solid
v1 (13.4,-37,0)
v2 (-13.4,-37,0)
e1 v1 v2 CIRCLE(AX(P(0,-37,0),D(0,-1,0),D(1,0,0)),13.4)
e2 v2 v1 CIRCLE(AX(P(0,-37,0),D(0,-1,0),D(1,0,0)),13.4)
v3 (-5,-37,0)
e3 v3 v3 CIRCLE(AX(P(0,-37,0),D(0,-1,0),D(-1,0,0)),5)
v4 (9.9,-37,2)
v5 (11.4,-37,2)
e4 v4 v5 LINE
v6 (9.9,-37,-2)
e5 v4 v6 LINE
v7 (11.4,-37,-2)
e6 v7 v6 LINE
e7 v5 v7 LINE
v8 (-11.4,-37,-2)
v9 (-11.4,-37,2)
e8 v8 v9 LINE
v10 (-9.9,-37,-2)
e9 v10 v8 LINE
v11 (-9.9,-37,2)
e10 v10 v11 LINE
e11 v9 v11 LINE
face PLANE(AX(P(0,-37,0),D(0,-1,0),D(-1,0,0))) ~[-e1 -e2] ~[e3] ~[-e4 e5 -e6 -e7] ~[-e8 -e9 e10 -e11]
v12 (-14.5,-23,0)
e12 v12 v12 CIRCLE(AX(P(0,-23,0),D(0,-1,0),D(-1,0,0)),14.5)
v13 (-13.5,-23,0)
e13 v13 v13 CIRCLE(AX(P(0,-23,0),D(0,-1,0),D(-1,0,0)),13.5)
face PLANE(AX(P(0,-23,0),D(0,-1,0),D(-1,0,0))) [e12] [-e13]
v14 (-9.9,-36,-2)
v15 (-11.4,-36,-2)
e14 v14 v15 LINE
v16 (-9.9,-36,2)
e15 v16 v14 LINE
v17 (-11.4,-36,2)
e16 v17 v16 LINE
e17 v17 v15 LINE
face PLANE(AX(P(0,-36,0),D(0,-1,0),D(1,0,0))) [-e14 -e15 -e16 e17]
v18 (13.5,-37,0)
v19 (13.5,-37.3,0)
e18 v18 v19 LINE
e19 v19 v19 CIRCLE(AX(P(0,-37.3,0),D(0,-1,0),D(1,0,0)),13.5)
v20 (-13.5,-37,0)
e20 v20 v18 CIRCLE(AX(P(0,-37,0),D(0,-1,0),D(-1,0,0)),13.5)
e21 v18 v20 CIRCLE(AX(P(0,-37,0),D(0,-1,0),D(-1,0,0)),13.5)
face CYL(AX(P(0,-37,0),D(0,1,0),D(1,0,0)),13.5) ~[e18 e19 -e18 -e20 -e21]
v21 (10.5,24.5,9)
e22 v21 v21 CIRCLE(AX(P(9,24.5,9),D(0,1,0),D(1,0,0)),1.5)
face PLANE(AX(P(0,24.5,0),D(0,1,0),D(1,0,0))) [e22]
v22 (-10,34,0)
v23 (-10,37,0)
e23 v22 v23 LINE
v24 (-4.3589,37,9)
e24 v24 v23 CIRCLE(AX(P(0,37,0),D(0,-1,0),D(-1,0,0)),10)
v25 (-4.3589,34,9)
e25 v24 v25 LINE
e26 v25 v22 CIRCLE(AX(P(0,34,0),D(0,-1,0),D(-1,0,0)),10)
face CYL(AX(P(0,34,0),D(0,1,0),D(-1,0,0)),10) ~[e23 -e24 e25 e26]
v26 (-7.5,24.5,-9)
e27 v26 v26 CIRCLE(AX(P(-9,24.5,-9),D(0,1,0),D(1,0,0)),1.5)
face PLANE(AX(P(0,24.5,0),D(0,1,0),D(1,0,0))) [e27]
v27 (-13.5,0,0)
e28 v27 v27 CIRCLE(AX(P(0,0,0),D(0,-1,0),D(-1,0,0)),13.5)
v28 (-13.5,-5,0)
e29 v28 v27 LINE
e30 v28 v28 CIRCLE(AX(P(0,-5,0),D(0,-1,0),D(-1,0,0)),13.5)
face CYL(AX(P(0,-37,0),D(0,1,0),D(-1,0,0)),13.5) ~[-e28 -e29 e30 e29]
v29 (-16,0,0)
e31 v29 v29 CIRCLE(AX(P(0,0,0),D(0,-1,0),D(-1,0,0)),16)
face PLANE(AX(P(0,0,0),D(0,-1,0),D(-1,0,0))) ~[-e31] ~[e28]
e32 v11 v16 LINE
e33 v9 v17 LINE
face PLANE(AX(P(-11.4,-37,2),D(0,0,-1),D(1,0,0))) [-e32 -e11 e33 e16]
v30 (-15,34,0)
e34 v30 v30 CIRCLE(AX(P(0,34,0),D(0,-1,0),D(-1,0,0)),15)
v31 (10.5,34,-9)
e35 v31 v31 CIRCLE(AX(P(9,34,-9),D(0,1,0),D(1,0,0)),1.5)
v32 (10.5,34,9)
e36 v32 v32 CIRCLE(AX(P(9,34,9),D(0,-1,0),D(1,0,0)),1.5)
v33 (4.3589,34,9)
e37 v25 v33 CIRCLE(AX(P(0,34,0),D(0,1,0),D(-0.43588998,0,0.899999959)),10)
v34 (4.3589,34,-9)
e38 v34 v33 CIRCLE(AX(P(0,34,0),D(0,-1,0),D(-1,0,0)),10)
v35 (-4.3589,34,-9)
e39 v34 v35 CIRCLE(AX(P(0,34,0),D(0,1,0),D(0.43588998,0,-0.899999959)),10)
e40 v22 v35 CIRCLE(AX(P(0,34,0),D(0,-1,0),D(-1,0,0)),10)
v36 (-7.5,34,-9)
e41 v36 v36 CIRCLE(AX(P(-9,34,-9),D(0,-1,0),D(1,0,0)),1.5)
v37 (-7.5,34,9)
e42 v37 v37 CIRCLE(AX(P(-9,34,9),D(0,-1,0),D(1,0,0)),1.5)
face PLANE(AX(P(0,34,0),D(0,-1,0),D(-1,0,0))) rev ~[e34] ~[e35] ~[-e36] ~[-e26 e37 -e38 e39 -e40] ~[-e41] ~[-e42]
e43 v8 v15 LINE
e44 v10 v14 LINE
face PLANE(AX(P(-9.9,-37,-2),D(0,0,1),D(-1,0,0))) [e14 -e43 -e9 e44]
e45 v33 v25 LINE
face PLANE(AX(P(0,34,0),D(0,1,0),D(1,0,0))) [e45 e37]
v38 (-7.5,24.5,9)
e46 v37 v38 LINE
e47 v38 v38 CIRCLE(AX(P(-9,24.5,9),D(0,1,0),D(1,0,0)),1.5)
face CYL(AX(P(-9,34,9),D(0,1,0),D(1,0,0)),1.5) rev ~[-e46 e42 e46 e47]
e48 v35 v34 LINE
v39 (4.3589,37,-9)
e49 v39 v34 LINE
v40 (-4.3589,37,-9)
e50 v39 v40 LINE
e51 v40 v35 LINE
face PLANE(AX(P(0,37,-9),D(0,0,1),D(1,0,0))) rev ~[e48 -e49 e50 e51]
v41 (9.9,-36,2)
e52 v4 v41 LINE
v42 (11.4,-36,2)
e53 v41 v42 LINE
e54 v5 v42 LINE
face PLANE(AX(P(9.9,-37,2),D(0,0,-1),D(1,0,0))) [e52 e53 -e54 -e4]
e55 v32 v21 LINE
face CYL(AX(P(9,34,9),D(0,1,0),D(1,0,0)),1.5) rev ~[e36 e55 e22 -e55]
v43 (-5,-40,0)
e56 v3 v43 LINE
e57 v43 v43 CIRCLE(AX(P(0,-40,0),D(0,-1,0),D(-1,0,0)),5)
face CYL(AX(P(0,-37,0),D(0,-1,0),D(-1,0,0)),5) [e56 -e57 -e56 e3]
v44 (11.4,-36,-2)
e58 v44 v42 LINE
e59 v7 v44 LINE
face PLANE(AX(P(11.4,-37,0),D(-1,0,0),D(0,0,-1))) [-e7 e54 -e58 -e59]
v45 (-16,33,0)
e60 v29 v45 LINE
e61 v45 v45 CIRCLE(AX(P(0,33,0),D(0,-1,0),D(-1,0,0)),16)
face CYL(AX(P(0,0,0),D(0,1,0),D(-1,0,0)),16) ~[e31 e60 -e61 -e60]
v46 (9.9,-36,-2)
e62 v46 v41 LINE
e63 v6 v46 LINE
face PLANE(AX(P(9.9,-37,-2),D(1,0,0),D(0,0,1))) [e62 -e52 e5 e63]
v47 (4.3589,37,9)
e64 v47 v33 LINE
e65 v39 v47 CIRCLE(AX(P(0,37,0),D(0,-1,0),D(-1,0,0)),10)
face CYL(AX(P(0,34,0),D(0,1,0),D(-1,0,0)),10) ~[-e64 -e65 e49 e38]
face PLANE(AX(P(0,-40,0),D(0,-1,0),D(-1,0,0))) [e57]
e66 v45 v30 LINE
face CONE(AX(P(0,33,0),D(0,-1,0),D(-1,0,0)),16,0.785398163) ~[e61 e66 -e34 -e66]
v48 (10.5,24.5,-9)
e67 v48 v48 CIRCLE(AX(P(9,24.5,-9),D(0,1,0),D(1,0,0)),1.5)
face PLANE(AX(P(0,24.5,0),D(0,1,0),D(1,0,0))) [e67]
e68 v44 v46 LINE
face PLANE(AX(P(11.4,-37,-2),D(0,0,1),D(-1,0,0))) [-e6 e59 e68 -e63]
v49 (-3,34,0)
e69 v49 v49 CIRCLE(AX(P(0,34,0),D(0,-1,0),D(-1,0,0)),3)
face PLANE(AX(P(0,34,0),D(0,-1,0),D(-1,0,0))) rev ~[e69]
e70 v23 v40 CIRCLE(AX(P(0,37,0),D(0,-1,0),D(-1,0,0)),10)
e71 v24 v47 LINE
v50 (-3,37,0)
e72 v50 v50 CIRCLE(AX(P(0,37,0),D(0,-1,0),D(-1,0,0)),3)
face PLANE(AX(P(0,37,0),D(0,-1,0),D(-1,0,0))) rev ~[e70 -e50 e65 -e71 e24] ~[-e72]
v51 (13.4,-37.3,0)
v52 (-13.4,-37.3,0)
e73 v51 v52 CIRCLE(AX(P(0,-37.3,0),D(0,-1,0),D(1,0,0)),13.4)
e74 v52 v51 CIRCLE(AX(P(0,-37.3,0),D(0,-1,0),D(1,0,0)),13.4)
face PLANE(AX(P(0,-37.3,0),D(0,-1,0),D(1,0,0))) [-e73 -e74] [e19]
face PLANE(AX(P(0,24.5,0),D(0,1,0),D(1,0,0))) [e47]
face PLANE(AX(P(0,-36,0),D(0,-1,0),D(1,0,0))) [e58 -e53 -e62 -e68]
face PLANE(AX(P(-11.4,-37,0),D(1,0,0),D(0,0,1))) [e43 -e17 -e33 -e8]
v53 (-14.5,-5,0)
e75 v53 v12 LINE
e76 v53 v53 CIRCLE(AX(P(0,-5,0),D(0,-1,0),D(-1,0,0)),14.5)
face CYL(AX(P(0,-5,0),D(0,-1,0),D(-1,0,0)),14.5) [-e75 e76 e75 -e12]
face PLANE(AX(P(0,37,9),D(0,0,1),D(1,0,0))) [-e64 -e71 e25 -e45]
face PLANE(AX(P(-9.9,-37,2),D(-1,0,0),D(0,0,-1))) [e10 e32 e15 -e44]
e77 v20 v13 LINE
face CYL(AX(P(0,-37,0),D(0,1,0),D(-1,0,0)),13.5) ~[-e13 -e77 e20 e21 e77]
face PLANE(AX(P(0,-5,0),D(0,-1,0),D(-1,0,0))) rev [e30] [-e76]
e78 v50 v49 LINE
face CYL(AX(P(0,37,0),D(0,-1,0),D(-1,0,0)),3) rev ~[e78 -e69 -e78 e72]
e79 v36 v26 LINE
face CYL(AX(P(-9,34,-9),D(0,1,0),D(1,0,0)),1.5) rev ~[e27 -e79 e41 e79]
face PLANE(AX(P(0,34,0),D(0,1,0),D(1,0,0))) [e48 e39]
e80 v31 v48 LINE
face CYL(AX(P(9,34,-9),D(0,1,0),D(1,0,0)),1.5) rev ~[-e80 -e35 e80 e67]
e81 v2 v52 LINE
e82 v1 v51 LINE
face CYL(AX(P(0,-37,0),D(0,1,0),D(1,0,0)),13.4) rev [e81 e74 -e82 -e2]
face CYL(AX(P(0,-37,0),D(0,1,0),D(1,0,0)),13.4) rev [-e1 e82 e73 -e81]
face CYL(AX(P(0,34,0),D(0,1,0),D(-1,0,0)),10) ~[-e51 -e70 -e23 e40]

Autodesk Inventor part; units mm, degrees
ref_plane "YZ Plane" through (0, 0, 0) normal (1, 0, 0) x (0, 1, 0)
ref_plane "XZ Plane" through (0, 0, 0) normal (0, 1, 0) x (-1, 0, 0)
ref_plane "XY Plane" through (0, 0, 0) normal (0, 0, 1) x (1, 0, 0)
sketch "スケッチ1" plane through (0, 0, 0) normal (0, 0, 1) x (1, 0, 0)
  line L0 (0, 0) -> (-16, 0)
  line L1 (-16, 0) -> (-16, 34)
  line L2 (-16, 34) -> (0, 34)
  line L3 (0, 34) -> (0, 0)
  line L4 (0, 34) -> (-10, 34)
  line L5 (-10, 34) -> (-10, 37)
  line L6 (-10, 37) -> (0, 37)
  line L7 (0, 37) -> (0, 34)
  line L8 (0, 37) -> (-5, 37)
  line L9 (-5, 34) -> (0, 34)
  line L10 (0, 34) -> (0, 37)
  line L11 (-3, 37) -> (-3, 34)
  line L12 (-13.5, 0) -> (0, 0)
  line L13 (0, 0) -> (0, -37)
  line L14 (0, -37) -> (-13.5, -37)
  line L15 (-13.5, -37) -> (-13.5, 0)
  line L16 (-13.5, 0) -> (-14.5, 0)
  line L17 (-13.5, -23) -> (-13.5, 0)
  line L18 (-13.5, -5) -> (-14.5, -5)
  line L19 (-14.5, -5) -> (-14.5, -23)
  line L20 (-14.5, -23) -> (-13.5, -23)
  line L21 (-13.5, -23) -> (-13.5, -5)
  line L22 (0, -37) -> (-5, -37)
  line L23 (-5, -37) -> (-5, -40)
  line L24 (-5, -40) -> (0, -40)
  line L25 (0, -40) -> (0, -37)
  dimension "d0" = 16
  dimension "d1" = 34
  dimension "d2" = 10
  dimension "d4" = 3
  dimension "d5" = 3
  dimension "d6" = 13.5
  dimension "d7" = 0
  dimension "d10" = 37
  dimension "d11" = 5
  dimension "d12" = 14
  dimension "d13" = 1
  dimension "d14" = 3
  dimension "d15" = 5
revolve "回転1" add sketch "スケッチ1" angle 360 about axis through (0, 34, 0) along (0, -1, 0) contours L13 L14 L15 L0 | L0 L1 L2 L3 | L25 L24 L23 L14 | L15 L20 L19 L18 | L2 L5 L6 L11
chamfer "面取り1" distance 1 angle 45 1 edges at (16, 34, 0)
sketch "スケッチ2" plane through (0, -37, 0) normal (0, -1, 0) x (1, 0, 0)
  circle A0 centre (0, 0) radius 5 projected
  circle A1 centre (0, 0) radius 13.4
  circle A2 centre (0, 0) radius 13.5
  circle A3 centre (0, 0) radius 13.5 projected
  line L0 (-9.9, -2) -> (-11.4, -2)
  line L1 (-11.4, -2) -> (-11.4, 2)
  line L2 (-11.4, 2) -> (-9.9, 2)
  line L3 (-9.9, 2) -> (-9.9, -2)
  line L4 (-9.9, -2) -> (-11.4, 2) construction
  line L5 (-11.4, -2) -> (-9.9, 2) construction
  line L6 (11.4, -2) -> (9.9, -2)
  line L7 (9.9, -2) -> (9.9, 2)
  line L8 (9.9, 2) -> (11.4, 2)
  line L9 (11.4, 2) -> (11.4, -2)
  line L10 (11.4, -2) -> (9.9, 2) construction
  line L11 (9.9, -2) -> (11.4, 2) construction
  line L12 (-13.4, 0) -> (0, 0)
  line L13 (0, 0) -> (13.4, 0)
  point P0 (-10.65, 0)
  point P1 (10.65, 0)
  dimension "d21" = 0
  dimension "d22" = 0.1
  dimension "d23" = 1.5
  dimension "d24" = 1.5
  dimension "d25" = 4
  dimension "d26" = 4
  dimension "d27" = 0
  dimension "d28" = 2
  dimension "d29" = 2
extrude "押し出し1" add sketch "スケッチ2" along normal blind 0.3
extrude "押し出し2" cut sketch "スケッチ2" against normal blind 1 contours L13 L9 L6 L7 | L7 L8 L9 L13 | L12 L1 L2 L3 | L3 L0 L1 L12
sketch "スケッチ3" plane through (0, 34, 0) normal (0, 1, 0) x (1, 0, 0)
  circle A0 centre (0, 0) radius 15 projected
  circle A1 centre (-9, -9) radius 1.5
  circle A2 centre (-9, 9) radius 1.5
  circle A3 centre (9, 9) radius 1.5
  circle A4 centre (9, -9) radius 1.5
  line L0 (9, -9) -> (-9, -9)
  line L1 (-9, -9) -> (-9, 9)
  point P0 (0, 0)
  dimension "d54" = 18
  dimension "d55" = 18
  dimension "d56" = 18
  dimension "d57" = 18
  dimension "d58" = 0
  dimension "d59" = 3
  dimension "d60" = 3
  dimension "d61" = 3
  dimension "d62" = 3
  dimension "d63" = 9
  dimension "d64" = 9
extrude "押し出し5" cut sketch "スケッチ3" against normal blind 9.5 contours L0 L1 A1 | A2 | A1 L1 L0 | A4 | A3
sketch "スケッチ6" plane through (0, 37, 0) normal (0, 1, 0) x (1, 0, 0)
  circle A0 centre (0, 0) radius 10 projected
  line L0 (-4.3589, -9) -> (4.3589, -9)
  line L1 (-4.3589, 9) -> (4.3589, 9)
  line L2 (0, 10) -> (0, 9)
  line L3 (0, -9) -> (0, -10)
  arc A1 (-4.3589, -9) -> (4.3589, -9) centre (0, 0) ccw
  arc A2 (4.3589, 9) -> (-4.3589, 9) centre (0, 0) ccw
  point P0 (0, 0)
  dimension "d67" = 1
  dimension "d68" = 1
extrude "押し出し6" cut sketch "スケッチ6" against normal blind 3 contours L1 L2 A0 | A0 L3 L0 | L2 L1 A0 | A0 L0 L3
properties part number "モーター100：1"
